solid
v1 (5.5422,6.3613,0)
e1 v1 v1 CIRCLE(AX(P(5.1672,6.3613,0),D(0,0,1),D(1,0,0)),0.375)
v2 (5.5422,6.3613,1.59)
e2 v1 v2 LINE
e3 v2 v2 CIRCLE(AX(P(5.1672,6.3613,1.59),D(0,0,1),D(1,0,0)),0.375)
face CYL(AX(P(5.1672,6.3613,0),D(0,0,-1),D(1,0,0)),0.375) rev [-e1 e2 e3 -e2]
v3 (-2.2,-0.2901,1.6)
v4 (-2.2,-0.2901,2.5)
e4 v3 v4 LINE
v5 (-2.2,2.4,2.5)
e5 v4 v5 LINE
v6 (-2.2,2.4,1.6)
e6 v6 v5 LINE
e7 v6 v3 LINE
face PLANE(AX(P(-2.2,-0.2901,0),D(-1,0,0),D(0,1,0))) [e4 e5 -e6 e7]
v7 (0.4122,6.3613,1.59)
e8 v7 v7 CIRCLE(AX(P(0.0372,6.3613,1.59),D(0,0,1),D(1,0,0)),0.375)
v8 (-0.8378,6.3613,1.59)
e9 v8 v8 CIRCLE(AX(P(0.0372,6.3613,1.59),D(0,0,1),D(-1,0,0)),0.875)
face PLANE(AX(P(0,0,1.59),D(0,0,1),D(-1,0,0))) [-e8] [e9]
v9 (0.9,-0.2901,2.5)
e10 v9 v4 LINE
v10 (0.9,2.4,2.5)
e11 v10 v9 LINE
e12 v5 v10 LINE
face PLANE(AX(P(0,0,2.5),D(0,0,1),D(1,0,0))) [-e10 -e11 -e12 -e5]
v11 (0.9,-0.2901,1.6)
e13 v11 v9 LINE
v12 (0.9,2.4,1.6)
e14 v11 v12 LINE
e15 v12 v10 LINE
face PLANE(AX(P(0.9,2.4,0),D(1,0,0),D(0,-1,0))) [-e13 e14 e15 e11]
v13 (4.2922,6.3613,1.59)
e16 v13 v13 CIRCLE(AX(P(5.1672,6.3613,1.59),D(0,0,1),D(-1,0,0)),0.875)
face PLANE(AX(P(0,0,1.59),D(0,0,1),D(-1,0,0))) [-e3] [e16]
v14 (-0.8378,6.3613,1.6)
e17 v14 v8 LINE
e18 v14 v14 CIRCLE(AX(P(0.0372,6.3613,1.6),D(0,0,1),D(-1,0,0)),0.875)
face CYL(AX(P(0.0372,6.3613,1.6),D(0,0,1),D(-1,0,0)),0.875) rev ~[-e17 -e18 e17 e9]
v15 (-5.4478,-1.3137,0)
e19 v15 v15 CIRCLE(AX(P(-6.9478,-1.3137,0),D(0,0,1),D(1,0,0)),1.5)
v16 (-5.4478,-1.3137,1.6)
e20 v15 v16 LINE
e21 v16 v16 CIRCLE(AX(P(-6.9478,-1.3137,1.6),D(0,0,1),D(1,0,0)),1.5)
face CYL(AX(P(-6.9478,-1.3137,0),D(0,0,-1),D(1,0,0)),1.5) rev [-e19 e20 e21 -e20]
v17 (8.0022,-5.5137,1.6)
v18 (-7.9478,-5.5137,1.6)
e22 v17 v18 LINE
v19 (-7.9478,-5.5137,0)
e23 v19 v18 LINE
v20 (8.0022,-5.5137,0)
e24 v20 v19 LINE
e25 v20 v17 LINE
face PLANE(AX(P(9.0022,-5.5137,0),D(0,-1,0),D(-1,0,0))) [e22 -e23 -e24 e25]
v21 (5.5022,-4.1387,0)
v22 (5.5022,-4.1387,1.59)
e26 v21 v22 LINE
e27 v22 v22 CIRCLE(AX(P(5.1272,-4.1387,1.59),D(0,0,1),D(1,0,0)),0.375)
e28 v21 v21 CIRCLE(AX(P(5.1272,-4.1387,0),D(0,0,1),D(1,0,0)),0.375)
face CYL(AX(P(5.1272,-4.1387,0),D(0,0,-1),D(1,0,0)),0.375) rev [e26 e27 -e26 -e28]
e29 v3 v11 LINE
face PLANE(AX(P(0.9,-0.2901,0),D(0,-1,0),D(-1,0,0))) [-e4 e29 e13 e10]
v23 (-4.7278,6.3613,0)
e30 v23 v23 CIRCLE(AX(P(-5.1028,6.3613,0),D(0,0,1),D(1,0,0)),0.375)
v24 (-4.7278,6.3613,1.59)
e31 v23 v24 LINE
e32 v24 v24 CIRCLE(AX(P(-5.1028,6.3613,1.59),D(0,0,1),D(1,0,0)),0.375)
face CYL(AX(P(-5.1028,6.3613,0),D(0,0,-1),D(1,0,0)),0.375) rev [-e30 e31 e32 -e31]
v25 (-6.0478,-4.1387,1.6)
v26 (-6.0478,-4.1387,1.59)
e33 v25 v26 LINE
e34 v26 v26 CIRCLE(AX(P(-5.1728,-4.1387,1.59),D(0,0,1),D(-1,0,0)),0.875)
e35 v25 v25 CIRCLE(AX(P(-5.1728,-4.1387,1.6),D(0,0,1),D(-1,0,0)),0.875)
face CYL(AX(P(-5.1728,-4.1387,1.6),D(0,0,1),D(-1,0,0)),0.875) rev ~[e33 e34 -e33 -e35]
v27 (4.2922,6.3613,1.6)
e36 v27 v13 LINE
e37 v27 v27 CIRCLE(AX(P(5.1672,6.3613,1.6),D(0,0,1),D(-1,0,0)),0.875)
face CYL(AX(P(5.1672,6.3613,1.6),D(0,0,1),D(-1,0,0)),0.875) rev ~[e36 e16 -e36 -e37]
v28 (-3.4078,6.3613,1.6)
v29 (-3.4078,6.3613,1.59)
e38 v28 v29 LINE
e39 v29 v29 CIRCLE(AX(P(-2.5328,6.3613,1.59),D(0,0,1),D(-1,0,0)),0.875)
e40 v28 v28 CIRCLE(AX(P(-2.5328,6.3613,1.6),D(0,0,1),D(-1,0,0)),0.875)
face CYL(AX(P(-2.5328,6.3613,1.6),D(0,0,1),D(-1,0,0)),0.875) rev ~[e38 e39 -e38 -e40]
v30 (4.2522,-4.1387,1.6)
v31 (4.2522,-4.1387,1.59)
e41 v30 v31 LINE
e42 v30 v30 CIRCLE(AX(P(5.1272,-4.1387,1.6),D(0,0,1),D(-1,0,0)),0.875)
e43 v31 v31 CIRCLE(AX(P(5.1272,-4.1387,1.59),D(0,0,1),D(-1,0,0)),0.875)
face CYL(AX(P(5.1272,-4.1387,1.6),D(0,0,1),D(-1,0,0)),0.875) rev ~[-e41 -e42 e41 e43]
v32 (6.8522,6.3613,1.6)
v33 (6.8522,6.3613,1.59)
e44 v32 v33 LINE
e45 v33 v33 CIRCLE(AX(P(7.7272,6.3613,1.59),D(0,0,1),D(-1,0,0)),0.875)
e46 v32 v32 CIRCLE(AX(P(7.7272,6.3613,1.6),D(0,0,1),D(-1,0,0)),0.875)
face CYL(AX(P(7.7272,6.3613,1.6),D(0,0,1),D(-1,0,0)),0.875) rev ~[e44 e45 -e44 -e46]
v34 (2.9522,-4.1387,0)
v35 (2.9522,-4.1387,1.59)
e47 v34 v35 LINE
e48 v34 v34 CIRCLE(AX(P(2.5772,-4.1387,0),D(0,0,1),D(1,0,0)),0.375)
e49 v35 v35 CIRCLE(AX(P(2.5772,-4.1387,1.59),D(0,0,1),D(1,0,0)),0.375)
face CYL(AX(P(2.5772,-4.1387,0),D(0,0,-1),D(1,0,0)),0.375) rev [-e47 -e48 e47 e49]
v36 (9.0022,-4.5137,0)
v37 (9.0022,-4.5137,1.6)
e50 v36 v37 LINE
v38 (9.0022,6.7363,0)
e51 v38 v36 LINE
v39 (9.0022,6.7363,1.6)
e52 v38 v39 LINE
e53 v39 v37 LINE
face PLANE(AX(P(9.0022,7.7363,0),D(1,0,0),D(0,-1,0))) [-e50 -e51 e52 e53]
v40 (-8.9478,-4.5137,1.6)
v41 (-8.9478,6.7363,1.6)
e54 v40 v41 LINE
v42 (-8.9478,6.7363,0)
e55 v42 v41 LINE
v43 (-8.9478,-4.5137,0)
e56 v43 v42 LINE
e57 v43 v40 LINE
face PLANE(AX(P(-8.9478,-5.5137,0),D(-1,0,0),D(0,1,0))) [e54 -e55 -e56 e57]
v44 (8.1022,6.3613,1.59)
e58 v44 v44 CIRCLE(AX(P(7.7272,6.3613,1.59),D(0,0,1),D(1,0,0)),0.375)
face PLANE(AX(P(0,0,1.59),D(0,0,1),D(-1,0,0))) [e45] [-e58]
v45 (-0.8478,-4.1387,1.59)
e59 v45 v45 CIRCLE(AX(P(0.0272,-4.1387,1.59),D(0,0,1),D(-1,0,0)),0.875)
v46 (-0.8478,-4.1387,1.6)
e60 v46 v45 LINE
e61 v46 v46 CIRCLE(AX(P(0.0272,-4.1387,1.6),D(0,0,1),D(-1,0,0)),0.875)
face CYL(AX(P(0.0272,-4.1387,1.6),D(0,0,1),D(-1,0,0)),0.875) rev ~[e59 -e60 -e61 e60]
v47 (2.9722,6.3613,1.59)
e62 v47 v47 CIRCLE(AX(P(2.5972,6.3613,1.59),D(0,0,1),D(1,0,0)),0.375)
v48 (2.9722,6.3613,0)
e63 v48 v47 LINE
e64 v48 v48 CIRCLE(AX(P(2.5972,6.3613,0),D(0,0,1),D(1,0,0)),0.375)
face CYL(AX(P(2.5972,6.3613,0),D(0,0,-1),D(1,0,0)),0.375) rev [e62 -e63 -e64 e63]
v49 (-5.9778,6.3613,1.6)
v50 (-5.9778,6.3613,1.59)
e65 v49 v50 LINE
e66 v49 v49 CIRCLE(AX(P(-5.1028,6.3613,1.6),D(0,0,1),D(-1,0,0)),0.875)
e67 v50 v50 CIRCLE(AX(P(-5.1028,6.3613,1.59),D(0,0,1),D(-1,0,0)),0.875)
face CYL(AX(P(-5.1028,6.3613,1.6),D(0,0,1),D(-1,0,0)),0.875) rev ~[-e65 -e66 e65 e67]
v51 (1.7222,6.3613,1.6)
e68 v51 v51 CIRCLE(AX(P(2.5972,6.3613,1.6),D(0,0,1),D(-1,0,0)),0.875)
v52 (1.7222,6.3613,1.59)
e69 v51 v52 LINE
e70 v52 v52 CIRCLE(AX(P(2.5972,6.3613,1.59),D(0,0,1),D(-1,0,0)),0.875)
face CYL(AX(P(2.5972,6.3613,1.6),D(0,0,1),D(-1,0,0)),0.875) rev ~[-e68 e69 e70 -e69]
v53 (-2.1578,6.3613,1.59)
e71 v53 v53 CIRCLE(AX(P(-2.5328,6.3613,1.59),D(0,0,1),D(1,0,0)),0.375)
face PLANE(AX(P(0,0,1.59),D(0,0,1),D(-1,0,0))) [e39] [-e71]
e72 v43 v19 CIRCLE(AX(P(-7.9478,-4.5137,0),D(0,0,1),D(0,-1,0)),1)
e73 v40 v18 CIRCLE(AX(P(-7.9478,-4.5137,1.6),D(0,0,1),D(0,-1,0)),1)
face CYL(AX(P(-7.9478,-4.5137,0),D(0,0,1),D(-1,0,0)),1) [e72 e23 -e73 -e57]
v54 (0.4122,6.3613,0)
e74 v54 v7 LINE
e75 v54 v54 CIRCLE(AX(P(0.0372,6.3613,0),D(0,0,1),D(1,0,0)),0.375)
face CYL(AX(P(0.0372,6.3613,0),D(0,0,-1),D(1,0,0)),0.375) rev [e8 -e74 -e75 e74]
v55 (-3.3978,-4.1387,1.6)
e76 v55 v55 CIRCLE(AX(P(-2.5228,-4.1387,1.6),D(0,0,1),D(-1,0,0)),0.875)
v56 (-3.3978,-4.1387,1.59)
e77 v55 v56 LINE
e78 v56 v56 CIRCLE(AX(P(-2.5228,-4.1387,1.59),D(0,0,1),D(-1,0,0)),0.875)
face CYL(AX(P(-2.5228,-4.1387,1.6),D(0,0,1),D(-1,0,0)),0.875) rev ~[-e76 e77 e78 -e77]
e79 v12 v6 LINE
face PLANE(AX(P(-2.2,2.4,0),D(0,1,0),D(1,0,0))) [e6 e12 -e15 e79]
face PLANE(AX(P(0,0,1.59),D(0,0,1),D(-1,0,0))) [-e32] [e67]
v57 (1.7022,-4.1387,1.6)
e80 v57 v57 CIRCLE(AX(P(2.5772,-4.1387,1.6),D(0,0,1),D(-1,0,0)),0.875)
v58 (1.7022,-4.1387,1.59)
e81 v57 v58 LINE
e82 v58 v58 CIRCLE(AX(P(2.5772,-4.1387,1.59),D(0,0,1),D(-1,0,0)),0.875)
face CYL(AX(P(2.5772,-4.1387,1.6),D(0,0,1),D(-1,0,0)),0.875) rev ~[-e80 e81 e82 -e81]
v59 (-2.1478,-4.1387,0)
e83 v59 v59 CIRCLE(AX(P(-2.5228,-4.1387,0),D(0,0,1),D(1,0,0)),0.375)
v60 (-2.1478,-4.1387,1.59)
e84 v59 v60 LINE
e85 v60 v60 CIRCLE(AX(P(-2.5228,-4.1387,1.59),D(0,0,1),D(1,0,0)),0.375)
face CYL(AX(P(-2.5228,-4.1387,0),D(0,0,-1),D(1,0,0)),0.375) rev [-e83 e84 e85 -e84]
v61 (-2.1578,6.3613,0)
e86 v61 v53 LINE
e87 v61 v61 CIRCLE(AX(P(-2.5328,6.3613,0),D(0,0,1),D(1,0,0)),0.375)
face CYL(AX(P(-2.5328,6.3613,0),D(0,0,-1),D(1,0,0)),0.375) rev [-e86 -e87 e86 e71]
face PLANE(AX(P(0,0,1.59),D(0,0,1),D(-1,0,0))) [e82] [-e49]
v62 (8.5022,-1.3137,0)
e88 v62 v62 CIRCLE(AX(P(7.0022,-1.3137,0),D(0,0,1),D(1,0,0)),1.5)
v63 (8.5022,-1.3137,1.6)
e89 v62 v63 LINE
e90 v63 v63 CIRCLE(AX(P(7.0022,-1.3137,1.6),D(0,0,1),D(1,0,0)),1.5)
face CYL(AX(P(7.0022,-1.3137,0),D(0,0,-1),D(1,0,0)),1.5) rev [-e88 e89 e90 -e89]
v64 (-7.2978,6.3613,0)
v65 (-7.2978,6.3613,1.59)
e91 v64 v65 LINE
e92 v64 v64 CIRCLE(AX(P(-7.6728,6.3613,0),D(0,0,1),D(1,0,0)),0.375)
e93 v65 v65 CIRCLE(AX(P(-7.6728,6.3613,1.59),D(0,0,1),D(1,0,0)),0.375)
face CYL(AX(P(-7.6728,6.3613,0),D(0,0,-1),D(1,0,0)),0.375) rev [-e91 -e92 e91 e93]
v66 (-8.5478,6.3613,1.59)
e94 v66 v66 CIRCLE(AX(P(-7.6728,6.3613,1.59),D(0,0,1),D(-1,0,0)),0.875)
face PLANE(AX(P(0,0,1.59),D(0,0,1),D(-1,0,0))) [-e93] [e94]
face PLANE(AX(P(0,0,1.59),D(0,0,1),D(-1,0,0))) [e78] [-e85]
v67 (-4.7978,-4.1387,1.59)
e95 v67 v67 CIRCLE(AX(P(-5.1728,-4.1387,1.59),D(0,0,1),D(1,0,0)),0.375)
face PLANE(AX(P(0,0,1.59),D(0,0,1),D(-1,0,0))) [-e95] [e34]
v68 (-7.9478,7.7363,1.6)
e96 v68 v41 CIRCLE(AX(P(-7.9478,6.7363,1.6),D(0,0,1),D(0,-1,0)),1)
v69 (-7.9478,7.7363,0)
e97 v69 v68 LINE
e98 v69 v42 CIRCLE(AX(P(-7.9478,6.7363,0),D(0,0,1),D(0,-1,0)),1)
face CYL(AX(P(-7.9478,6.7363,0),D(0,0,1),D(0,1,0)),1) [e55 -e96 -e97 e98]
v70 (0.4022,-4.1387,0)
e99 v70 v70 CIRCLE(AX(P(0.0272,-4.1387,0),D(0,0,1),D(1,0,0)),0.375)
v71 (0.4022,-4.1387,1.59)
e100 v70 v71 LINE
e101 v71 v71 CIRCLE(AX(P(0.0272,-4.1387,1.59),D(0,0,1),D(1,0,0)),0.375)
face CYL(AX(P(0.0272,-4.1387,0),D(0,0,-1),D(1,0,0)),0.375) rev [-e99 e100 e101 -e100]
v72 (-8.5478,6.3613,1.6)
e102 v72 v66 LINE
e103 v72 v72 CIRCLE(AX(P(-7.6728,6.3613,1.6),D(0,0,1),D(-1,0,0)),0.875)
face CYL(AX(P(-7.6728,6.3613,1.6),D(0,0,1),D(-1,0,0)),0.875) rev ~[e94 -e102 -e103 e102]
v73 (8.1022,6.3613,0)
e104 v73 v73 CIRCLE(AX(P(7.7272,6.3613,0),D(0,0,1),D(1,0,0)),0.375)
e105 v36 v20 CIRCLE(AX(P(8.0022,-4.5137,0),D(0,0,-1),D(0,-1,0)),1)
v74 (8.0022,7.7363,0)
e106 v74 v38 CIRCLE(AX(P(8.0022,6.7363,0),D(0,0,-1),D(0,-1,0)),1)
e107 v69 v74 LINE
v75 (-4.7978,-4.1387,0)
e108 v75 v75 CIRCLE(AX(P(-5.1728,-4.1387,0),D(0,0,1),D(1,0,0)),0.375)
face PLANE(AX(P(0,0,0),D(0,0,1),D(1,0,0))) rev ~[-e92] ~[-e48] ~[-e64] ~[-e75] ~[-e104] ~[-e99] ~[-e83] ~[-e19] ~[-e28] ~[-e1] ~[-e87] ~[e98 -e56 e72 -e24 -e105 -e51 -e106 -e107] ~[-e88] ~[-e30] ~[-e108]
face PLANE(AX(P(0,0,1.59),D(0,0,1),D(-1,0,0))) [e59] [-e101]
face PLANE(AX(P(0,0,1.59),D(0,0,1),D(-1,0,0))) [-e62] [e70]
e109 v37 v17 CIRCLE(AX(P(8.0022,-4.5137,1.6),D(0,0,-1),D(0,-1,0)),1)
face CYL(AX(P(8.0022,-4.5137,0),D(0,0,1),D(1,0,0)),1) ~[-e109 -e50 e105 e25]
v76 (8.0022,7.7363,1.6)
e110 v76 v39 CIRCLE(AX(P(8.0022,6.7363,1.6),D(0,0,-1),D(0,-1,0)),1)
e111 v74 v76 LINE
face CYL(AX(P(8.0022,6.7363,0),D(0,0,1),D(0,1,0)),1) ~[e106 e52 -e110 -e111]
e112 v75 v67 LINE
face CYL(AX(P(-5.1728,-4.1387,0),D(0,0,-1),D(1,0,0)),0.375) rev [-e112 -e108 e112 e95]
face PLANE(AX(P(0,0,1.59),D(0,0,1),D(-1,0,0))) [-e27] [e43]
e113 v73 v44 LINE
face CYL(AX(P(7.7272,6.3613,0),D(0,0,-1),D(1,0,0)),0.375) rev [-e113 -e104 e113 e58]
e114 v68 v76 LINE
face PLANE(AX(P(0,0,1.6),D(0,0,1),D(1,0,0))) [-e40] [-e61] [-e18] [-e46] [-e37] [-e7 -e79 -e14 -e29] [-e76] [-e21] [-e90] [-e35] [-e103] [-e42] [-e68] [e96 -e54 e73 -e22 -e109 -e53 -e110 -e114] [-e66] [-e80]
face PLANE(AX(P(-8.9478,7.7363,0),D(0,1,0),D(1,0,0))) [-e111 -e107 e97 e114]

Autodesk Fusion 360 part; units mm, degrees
sketch "Sketch2" plane through (0, 0, 0) normal (0, 0, 1) x (1, 0, 0)
  line L0 (-8.9478, 7.7363) -> (9.0022, 7.7363)
  line L1 (9.0022, 7.7363) -> (9.0022, -5.5137)
  line L2 (9.0022, -5.5137) -> (-8.9478, -5.5137)
  line L3 (-8.9478, -5.5137) -> (-8.9478, 7.7363)
  line L4 (-8.9478, 7.7363) -> (9.0022, -5.5137) construction
  line L5 (-8.9478, -5.5137) -> (9.0022, 7.7363) construction
  line L6 (-9.5685, 6.7363) -> (10, 6.7363) construction
  line L7 (-9.5685, 6.3613) -> (10, 6.3613) construction
  line L8 (-10.5, -4.5137) -> (10.5, -4.5137) construction
  line L9 (-10.5, -4.1387) -> (10.5, -4.1387) construction
  line L10 (8.5022, 9) -> (8.5022, -6.5) construction
  line L11 (7.0022, 9) -> (7.0022, -6.5) construction
  line L12 (-8.4478, 9.5) -> (-8.4478, -7) construction
  line L13 (-6.9478, 9.5) -> (-6.9478, -7) construction
  line L14 (-10.5, -2.8137) -> (11.6299, -2.8137) construction
  line L15 (-10.5, -1.3137) -> (11.6299, -1.3137) construction
  circle A0 centre (7.0022, -1.3137) radius 1.5
  circle A1 centre (-6.9478, -1.3137) radius 1.5
  line L16 (-8.0478, 9) -> (-8.0478, 5) construction
  line L17 (-7.6728, 9) -> (-7.6728, 5) construction
  circle A2 centre (-7.6728, 6.3613) radius 0.375
  line L18 (-5.1028, 7.3) -> (-5.1028, 4.898) construction
  circle A3 centre (-5.1028, 6.3613) radius 0.375
  circle A4 centre (-2.5328, 6.3613) radius 0.375
  circle A5 centre (0.0372, 6.3613) radius 0.375
  circle A6 centre (2.5972, 6.3613) radius 0.375
  circle A7 centre (5.1672, 6.3613) radius 0.375
  circle A8 centre (7.7272, 6.3613) radius 0.375
  circle A9 centre (-7.6728, 6.3613) radius 0.875
  line L19 (-5.5478, -3.163) -> (-5.5478, -6) construction
  line L20 (-5.1728, -3.163) -> (-5.1728, -6) construction
  circle A10 centre (-5.1728, -4.1387) radius 0.375
  line L21 (-2.1478, -3.7) -> (-2.1478, -5.9) construction
  circle A11 centre (-2.5228, -4.1387) radius 0.375
  line L22 (-2.8978, -3.7) -> (-2.8978, -5.1) construction
  line L23 (0.4022, -3.6) -> (0.4022, -5.1) construction
  circle A12 centre (0.0272, -4.1387) radius 0.375
  line L24 (-0.3478, -3.6) -> (-0.3478, -5.3) construction
  circle A13 centre (2.5772, -4.1387) radius 0.375
  circle A14 centre (5.1272, -4.1387) radius 0.375
  line L25 (2.2022, -3.6) -> (2.2022, -5.1) construction
  line L26 (4.7522, -3.7) -> (4.7522, -5.1) construction
  line L27 (2.9522, -3.8) -> (2.9522, -4.9) construction
  line L28 (5.5022, -3.7) -> (5.5022, -5.1) construction
  circle A15 centre (-5.1028, 6.3613) radius 0.875
  circle A16 centre (-2.5328, 6.3613) radius 0.875
  circle A17 centre (0.0372, 6.3613) radius 0.875
  circle A18 centre (2.5972, 6.3613) radius 0.875
  circle A19 centre (5.1672, 6.3613) radius 0.875
  circle A20 centre (7.7272, 6.3613) radius 0.875
  circle A21 centre (5.1272, -4.1387) radius 0.875
  circle A22 centre (2.5772, -4.1387) radius 0.875
  circle A23 centre (0.0272, -4.1387) radius 0.875
  circle A24 centre (-2.5228, -4.1387) radius 0.875
  circle A25 centre (-5.1728, -4.1387) radius 0.875
  line L29 (-2.2, 2.4) -> (0.9, 2.4)
  line L30 (0.9, 2.4) -> (0.9, -0.2901)
  line L31 (0.9, -0.2901) -> (-2.2, -0.2901)
  line L32 (-2.2, -0.2901) -> (-2.2, 2.4)
  dimension "d1" = 17.95
  dimension "d2" = 13.25
  dimension "d3" = 1
  dimension "d4" = 0.375
  dimension "d5" = 1
  dimension "d6" = -0.375
  dimension "d7" = 0.5
  dimension "d8" = 1.5
  dimension "d9" = 0.5
  dimension "d10" = -1.5
  dimension "d11" = 2.7
  dimension "d12" = -1.5
  dimension "d13" = 3
  dimension "d14" = 3
  dimension "d15" = 0.9
  dimension "d17" = 0.75
  dimension "d19" = 2.57
  dimension "d21" = 0.75
  dimension "d22" = 0.75
  dimension "d23" = 2.57
  dimension "d24" = 0.75
  dimension "d25" = 2.57
  dimension "d26" = 0.75
  dimension "d27" = 2.56
  dimension "d28" = 0.75
  dimension "d29" = 2.57
  dimension "d30" = 0.75
  dimension "d31" = 2.56
  dimension "d32" = 0.5
  dimension "d33" = 3.4
  dimension "d34" = -0.375
  dimension "d35" = 0.75
  dimension "d36" = 3.4
  dimension "d37" = 0.75
  dimension "d38" = 0.75
  dimension "d39" = 3.3
  dimension "d40" = 0.75
  dimension "d41" = 0.75
  dimension "d42" = 3.3
  dimension "d43" = 3.3
  dimension "d44" = 0.5
  dimension "d45" = 0.5
  dimension "d46" = 0.5
  dimension "d47" = 0.5
  dimension "d48" = 0.5
  dimension "d49" = 0.5
  dimension "d50" = 0.5
  dimension "d51" = 0.5
  dimension "d52" = 0.5
  dimension "d53" = 0.5
  dimension "d54" = 0.5
extrude "Extrude1" add sketch "Sketch2" along normal blind 1.6 contours L0 L1 L2 L3 | A9 | A15 | A16 | A17 | A18 | A19 | A20 | A21 | A22 | A23 | A24 | A25 | L29 L30 L31 L32
extrude "Extrude2" add sketch "Sketch2" along normal blind 2.5 contours L29 L30 L31 L32
fillet "Fillet1" radius 1 4 edges at (-8.9478, -5.5137, 0.8) (9.0022, -5.5137, 0.8) (9.0022, 7.7363, 0.8) (-8.9478, 7.7363, 0.8)
sketch "Sketch3" plane through (0, 0, 1.6) normal (0, 0, 1) x (-1, 0, 0)
  line L0 (2.2, 0.2901) -> (2.2, -2.4)
  line L1 (2.2, -2.4) -> (-0.9, -2.4)
  line L2 (-0.9, -2.4) -> (-0.9, 0.2901)
  line L3 (-0.9, 0.2901) -> (2.2, 0.2901)
  circle A0 centre (-2.5972, -6.3613) radius 0.375
  circle A1 centre (-5.1272, 4.1387) radius 0.375
  circle A2 centre (-7.7272, -6.3613) radius 0.375
  circle A3 centre (5.1728, 4.1387) radius 0.375
  circle A4 centre (2.5228, 4.1387) radius 0.375
  circle A5 centre (-5.1672, -6.3613) radius 0.375
  circle A6 centre (-0.0272, 4.1387) radius 0.375
  circle A7 centre (-2.5772, 4.1387) radius 0.375
  circle A8 centre (-0.0372, -6.3613) radius 0.375
  circle A9 centre (2.5328, -6.3613) radius 0.375
  circle A10 centre (7.6728, -6.3613) radius 0.375
  circle A11 centre (6.9478, 1.3137) radius 1.5
  circle A12 centre (5.1028, -6.3613) radius 0.375
  circle A13 centre (-7.0022, 1.3137) radius 1.5
  arc A14 (7.9478, -7.7363) -> (8.9478, -6.7363) centre (7.9478, -6.7363) ccw
  line L4 (8.9478, -6.7363) -> (8.9478, 4.5137)
  arc A15 (8.9478, 4.5137) -> (7.9478, 5.5137) centre (7.9478, 4.5137) ccw
  line L5 (7.9478, 5.5137) -> (-8.0022, 5.5137)
  arc A16 (-8.0022, 5.5137) -> (-9.0022, 4.5137) centre (-8.0022, 4.5137) ccw
  line L6 (-9.0022, 4.5137) -> (-9.0022, -6.7363)
  arc A17 (-9.0022, -6.7363) -> (-8.0022, -7.7363) centre (-8.0022, -6.7363) ccw
  line L7 (-8.0022, -7.7363) -> (7.9478, -7.7363)
  circle A18 centre (-7.7272, -6.3613) radius 0.875
  circle A19 centre (-5.1672, -6.3613) radius 0.875
  circle A20 centre (-2.5972, -6.3613) radius 0.875
  circle A21 centre (-0.0372, -6.3613) radius 0.875
  circle A22 centre (2.5328, -6.3613) radius 0.875
  circle A23 centre (5.1028, -6.3613) radius 0.875
  circle A24 centre (7.6728, -6.3613) radius 0.875
  circle A25 centre (5.1728, 4.1387) radius 0.875
  circle A26 centre (2.5228, 4.1387) radius 0.875
  circle A27 centre (-0.0272, 4.1387) radius 0.875
  circle A28 centre (-2.5772, 4.1387) radius 0.875
  circle A29 centre (-5.1272, 4.1387) radius 0.875
extrude "Extrude3" cut sketch "Sketch3" against normal blind 0.01 contours A18 | A19 | A20 | A21 | A22 | A23 | A24 | A25 | A26 | A27 | A28 | A29
